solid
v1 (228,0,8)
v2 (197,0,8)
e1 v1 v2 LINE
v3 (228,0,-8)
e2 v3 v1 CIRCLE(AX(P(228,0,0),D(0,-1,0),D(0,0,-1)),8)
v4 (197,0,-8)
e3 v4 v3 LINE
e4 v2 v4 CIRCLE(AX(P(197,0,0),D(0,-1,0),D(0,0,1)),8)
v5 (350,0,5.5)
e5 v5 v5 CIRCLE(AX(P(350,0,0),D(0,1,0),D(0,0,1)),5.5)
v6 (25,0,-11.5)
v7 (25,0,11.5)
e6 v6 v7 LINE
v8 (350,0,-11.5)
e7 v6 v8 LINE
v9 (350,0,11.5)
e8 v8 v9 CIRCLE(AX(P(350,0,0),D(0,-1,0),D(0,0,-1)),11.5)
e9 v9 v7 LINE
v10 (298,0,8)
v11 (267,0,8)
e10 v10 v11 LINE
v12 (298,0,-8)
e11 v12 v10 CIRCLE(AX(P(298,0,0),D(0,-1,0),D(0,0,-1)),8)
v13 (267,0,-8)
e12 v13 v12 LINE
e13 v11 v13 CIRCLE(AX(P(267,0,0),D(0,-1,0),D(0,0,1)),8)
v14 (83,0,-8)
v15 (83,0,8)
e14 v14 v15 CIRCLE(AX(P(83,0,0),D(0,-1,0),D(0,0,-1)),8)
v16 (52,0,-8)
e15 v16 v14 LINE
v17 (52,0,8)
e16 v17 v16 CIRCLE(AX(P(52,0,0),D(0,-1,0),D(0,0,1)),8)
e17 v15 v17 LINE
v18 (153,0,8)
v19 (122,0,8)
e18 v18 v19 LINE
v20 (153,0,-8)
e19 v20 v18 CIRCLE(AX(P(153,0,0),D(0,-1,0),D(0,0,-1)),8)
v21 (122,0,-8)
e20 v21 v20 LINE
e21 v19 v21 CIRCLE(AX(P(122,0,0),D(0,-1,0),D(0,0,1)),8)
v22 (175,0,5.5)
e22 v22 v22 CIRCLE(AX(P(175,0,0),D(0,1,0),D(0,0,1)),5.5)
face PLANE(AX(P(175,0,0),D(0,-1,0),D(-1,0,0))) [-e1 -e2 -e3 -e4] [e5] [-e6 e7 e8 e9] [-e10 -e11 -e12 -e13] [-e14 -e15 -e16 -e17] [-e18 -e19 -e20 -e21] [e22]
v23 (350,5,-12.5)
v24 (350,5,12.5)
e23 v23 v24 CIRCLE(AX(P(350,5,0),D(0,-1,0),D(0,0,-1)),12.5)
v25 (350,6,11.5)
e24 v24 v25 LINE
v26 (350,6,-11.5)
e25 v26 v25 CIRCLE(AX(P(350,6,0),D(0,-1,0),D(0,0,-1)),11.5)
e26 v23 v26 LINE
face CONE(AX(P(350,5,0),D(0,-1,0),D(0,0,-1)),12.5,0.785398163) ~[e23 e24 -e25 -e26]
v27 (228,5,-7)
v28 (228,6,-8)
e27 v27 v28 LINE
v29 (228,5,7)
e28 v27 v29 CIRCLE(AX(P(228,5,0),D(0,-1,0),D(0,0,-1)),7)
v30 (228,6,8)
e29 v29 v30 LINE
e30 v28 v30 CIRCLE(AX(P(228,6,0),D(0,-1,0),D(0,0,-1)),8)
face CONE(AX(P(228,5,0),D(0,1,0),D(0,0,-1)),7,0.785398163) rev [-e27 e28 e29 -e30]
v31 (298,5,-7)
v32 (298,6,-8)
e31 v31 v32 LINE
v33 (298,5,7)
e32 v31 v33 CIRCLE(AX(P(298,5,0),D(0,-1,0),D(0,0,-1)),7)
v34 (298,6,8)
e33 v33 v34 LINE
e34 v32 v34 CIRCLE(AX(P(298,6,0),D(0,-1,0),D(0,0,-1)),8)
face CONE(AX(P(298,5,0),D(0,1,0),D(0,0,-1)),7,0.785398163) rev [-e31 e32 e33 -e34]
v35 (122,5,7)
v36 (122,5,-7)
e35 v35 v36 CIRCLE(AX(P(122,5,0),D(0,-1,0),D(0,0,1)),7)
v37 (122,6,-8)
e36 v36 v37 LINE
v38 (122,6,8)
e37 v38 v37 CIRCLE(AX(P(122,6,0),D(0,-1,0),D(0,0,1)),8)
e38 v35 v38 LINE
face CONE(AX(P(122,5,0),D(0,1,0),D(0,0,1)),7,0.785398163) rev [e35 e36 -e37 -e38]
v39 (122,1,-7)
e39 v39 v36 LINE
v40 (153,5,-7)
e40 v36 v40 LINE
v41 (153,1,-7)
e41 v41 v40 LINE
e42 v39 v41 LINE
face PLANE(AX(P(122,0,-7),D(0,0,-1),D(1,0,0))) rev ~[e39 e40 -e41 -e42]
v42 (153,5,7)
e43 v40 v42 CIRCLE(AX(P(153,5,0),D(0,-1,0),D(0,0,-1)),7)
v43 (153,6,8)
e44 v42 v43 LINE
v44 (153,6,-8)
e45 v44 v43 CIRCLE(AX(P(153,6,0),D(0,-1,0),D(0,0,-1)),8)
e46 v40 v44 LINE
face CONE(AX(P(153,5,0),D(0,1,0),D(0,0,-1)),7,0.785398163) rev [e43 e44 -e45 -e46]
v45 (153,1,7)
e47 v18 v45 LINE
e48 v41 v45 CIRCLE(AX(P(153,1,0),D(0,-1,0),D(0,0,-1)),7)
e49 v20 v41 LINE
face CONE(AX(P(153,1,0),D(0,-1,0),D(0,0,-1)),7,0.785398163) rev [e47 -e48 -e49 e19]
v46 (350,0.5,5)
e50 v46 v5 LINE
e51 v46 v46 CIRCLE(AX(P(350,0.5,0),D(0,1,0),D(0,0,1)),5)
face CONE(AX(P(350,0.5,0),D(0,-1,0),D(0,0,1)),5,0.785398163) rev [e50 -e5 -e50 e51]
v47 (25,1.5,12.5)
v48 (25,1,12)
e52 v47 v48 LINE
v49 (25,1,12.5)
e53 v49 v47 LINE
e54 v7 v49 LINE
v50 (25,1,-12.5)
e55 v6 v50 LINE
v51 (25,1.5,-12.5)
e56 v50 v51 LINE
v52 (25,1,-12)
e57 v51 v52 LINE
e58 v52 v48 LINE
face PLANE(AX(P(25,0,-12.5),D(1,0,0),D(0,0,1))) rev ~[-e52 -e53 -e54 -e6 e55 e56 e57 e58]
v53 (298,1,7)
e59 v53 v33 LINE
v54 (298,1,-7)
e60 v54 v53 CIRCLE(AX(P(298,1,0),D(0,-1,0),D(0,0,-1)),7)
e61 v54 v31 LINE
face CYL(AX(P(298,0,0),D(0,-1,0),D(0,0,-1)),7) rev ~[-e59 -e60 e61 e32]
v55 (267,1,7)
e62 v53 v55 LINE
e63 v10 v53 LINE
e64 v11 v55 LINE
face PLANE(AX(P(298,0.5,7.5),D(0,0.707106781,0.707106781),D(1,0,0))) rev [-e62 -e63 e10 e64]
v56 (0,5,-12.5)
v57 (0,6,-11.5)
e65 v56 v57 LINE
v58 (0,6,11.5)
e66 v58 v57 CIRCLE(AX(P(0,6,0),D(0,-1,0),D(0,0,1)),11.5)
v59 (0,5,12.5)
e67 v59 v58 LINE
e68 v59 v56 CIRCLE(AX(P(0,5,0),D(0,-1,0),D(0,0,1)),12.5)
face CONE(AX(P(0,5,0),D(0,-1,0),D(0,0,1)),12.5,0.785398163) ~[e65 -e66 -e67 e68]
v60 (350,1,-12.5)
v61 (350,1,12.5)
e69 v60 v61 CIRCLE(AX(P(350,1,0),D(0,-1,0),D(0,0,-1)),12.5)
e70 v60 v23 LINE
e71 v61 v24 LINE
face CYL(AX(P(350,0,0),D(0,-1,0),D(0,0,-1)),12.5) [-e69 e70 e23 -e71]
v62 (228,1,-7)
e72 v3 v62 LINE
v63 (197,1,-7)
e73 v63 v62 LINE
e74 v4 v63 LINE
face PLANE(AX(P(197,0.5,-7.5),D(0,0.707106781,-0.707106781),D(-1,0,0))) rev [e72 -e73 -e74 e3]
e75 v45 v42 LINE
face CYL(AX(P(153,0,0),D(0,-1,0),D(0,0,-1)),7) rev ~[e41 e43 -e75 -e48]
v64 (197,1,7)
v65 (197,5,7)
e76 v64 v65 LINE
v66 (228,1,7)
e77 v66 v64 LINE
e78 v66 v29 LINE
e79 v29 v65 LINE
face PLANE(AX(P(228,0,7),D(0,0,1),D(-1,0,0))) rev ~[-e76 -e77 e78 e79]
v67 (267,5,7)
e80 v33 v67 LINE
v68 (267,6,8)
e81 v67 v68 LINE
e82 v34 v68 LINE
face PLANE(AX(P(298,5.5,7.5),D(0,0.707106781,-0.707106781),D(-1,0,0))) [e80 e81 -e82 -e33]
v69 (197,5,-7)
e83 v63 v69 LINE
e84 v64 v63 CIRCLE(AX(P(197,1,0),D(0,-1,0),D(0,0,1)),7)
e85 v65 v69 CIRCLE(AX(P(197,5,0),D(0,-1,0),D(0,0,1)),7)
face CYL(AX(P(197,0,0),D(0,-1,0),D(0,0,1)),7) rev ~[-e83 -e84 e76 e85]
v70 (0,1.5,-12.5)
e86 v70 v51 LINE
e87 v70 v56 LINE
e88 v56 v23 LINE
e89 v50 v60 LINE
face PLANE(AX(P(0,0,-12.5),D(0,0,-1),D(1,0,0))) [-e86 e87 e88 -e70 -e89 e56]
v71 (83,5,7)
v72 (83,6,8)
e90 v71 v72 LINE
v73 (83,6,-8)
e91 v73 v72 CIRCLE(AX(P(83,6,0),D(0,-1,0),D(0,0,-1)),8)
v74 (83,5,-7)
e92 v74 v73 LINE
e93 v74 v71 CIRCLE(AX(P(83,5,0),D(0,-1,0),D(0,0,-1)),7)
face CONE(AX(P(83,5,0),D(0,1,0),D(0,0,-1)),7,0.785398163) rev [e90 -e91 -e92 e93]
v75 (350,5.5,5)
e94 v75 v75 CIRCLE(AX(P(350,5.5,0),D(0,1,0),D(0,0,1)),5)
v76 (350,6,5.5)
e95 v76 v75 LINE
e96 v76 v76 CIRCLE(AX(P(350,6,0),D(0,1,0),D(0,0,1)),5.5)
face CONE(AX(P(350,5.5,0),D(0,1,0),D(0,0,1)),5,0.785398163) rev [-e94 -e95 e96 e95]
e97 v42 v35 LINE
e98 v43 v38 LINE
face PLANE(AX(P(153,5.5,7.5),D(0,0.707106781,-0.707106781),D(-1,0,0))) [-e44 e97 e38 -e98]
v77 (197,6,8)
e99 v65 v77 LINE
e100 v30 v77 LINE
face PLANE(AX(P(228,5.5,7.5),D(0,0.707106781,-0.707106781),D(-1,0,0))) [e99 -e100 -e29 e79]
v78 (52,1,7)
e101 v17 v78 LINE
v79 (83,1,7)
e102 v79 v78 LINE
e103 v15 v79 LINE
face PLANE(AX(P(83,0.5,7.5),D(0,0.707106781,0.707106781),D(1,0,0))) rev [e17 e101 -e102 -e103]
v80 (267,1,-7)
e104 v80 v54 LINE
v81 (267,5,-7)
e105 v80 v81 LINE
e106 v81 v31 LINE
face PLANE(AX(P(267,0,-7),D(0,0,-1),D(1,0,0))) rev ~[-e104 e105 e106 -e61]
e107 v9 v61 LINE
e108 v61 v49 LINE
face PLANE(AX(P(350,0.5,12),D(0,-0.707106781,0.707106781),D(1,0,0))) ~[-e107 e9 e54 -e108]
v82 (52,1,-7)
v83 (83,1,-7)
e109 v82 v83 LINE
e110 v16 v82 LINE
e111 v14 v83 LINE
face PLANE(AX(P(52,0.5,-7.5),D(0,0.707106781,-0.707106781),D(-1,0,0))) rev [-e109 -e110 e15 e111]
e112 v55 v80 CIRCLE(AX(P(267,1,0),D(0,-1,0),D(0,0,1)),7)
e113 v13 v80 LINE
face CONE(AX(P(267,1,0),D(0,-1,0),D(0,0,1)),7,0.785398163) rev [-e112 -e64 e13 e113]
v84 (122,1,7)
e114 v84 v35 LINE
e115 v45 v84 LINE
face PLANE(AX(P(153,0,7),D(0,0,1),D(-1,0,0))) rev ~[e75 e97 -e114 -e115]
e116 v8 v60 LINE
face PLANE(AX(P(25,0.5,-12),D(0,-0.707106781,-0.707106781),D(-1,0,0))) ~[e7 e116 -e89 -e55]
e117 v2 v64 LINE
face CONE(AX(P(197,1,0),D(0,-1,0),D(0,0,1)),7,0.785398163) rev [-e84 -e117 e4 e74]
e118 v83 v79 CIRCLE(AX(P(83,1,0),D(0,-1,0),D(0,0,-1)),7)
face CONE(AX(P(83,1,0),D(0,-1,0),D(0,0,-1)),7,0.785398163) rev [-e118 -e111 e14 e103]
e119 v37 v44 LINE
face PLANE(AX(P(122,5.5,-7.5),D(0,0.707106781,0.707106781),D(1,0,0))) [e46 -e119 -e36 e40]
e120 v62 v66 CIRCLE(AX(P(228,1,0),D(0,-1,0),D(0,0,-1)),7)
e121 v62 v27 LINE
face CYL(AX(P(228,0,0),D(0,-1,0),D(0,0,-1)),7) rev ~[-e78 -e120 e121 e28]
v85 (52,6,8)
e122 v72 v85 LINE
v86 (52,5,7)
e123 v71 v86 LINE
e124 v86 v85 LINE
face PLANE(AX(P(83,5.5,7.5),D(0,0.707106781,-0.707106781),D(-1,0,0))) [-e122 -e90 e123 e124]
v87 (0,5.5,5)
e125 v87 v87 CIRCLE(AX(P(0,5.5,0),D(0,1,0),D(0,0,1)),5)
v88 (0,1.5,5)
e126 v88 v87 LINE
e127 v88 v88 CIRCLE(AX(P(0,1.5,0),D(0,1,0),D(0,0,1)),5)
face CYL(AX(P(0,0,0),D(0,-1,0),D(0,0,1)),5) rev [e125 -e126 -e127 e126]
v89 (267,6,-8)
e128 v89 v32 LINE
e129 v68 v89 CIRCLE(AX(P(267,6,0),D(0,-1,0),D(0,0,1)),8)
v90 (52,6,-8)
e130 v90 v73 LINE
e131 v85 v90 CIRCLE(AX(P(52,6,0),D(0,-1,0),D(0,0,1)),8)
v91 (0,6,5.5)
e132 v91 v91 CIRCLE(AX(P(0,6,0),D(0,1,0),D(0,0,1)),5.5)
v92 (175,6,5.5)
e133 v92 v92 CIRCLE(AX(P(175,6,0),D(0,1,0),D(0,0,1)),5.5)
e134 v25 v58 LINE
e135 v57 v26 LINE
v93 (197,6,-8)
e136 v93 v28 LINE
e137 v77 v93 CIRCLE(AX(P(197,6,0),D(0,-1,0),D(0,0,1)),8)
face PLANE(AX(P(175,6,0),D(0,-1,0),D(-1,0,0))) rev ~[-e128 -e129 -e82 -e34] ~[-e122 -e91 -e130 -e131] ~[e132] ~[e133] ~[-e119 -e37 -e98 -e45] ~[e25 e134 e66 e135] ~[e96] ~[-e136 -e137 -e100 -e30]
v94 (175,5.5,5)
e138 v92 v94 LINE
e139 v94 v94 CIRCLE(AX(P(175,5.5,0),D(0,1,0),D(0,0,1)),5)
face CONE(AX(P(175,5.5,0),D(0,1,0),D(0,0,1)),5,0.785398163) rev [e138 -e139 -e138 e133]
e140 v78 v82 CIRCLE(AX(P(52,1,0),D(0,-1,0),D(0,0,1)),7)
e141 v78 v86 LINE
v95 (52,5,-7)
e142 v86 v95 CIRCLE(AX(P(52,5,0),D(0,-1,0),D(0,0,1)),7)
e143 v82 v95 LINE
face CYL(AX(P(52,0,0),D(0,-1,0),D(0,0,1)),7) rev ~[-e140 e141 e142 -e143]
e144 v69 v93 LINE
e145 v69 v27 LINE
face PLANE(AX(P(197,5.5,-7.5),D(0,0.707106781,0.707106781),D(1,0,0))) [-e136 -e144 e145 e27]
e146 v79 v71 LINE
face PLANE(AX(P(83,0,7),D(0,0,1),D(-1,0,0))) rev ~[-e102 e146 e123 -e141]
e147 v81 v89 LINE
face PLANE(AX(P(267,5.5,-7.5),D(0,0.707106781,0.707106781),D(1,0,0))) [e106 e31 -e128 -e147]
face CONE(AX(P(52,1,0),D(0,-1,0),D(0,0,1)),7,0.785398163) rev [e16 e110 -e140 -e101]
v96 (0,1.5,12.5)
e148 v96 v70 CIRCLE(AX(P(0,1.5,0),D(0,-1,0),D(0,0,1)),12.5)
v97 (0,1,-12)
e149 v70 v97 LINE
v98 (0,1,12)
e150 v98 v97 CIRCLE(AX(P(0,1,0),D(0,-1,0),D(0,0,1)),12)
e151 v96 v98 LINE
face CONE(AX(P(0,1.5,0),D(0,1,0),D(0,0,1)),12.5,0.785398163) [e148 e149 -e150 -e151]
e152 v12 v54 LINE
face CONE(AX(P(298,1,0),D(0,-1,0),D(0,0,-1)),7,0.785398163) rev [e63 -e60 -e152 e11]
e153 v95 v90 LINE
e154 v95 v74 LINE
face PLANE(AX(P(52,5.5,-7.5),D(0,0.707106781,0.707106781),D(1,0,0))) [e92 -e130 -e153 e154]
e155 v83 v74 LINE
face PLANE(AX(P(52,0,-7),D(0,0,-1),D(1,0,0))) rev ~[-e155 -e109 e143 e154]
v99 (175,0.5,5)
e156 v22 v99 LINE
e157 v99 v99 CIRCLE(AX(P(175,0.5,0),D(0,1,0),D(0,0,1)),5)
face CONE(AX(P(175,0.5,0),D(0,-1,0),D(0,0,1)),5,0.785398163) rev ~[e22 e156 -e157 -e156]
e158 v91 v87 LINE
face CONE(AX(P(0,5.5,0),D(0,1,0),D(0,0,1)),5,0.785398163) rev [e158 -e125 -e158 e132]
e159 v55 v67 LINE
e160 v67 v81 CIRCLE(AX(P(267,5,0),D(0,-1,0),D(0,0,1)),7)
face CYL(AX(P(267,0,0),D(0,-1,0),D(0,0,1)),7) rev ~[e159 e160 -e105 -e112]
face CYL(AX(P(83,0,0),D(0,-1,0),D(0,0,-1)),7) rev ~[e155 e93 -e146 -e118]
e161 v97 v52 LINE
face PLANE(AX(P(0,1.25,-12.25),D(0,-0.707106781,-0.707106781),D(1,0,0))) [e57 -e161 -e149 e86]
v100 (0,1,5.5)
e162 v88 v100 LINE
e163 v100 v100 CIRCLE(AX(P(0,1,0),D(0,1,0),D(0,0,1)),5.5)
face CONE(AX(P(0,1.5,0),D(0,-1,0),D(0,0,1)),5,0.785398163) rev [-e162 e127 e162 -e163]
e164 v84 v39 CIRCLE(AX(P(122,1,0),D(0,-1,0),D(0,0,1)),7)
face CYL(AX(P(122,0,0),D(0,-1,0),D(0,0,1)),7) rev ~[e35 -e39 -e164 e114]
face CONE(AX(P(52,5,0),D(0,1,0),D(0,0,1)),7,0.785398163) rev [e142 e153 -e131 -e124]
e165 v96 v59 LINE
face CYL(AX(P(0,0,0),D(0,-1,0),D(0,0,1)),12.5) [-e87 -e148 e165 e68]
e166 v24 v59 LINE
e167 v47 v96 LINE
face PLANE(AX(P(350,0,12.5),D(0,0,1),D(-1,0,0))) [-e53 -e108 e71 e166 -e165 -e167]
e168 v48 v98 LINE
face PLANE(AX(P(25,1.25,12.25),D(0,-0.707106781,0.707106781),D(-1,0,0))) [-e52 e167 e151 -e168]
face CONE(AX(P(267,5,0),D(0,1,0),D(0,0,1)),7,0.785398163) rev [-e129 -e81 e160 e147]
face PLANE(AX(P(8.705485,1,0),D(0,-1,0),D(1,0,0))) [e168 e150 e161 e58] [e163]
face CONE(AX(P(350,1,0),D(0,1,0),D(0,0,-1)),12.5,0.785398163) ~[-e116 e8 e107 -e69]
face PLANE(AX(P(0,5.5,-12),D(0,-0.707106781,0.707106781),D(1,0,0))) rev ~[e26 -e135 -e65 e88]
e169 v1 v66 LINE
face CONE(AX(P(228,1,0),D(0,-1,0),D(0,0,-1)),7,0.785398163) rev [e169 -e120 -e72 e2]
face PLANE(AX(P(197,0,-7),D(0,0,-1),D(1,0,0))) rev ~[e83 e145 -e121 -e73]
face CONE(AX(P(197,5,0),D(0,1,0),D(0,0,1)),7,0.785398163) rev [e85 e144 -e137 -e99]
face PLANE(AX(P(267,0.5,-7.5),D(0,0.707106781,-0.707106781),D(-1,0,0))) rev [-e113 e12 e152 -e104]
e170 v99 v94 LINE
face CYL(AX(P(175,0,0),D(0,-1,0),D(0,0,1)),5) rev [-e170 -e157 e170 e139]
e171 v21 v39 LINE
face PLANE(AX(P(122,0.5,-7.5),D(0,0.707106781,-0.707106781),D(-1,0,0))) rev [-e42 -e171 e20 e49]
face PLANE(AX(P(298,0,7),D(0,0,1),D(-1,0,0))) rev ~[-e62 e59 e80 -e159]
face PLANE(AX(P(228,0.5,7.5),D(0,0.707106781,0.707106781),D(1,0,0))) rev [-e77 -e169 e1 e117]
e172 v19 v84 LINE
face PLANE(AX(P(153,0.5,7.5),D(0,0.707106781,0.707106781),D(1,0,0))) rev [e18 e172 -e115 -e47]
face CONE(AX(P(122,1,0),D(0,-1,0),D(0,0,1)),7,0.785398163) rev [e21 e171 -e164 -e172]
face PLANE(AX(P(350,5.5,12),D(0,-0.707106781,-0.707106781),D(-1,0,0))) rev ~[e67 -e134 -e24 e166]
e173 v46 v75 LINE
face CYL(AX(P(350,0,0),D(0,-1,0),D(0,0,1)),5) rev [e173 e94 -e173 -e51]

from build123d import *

# Parameters (mm, degrees)
ESQUISSE1_R             = 5
BOSS_EXTRU_1_DEPTH      = 6
ESQUISSE2_R             = 5
ENL_V_MAT_EXTRU_1_DEPTH = 1
CHANFREIN7_SIZE         = 0.5
CHANFREIN8_SIZE         = 1
CHANFREIN9_SIZE         = 1
CHANFREIN10_SIZE        = 1
CHANFREIN11_SIZE        = 0.5
CHANFREIN12_SIZE        = 0.5


with BuildPart() as part:
    # Esquisse1 → Boss.-Extru.1 (new body)
    with BuildSketch(Plane(origin=(0, 0, 0), x_dir=(1, 0, 0), z_dir=(0, 1, 0))):
        with BuildLine():
            Line((0, 12.5), (350, 12.5))
            ThreePointArc((350, 12.5), (362.5, 0), (350, -12.5))
            Line((350, -12.5), (0, -12.5))
            ThreePointArc((0, -12.5), (-12.5, 0), (0, 12.5))
        make_face()
        with Locations(Location((0, 0, 0), (0, 0, 270))):  # turned: the seam where the file's is
            Circle(ESQUISSE1_R, mode=Mode.SUBTRACT)
        with Locations(Location((350, 0, 0), (0, 0, 270))):  # turned: the seam where the file's is
            Circle(ESQUISSE1_R, mode=Mode.SUBTRACT)
        with Locations(Location((175, 0, 0), (0, 0, 270))):  # turned: the seam where the file's is
            Circle(ESQUISSE1_R, mode=Mode.SUBTRACT)
        with BuildLine():
            Line((52, 7), (83, 7))
            ThreePointArc((83, 7), (90, 0), (83, -7))
            Line((83, -7), (52, -7))
            ThreePointArc((52, -7), (45, 0), (52, 7))
        make_face(mode=Mode.SUBTRACT)
        with BuildLine():
            Line((122, 7), (153, 7))
            ThreePointArc((153, 7), (160, 0), (153, -7))
            Line((153, -7), (122, -7))
            ThreePointArc((122, -7), (115, 0), (122, 7))
        make_face(mode=Mode.SUBTRACT)
        with BuildLine():
            Line((197, 7), (228, 7))
            ThreePointArc((228, 7), (235, 0), (228, -7))
            Line((228, -7), (197, -7))
            ThreePointArc((197, -7), (190, 0), (197, 7))
        make_face(mode=Mode.SUBTRACT)
        with BuildLine():
            Line((267, 7), (298, 7))
            ThreePointArc((298, 7), (305, 0), (298, -7))
            Line((298, -7), (267, -7))
            ThreePointArc((267, -7), (260, 0), (267, 7))
        make_face(mode=Mode.SUBTRACT)
    extrude(amount=BOSS_EXTRU_1_DEPTH)

    # Esquisse2 → Enlèv. mat.-Extru.1 (cut)
    with BuildSketch(Plane.XZ):
        with BuildLine():
            Line((0, -12.5), (25, -12.5))
            Line((25, -12.5), (25, 12.5))
            Line((25, 12.5), (0, 12.5))
            ThreePointArc((0, 12.5), (-12.5, 0), (0, -12.5))
        make_face()
        with Locations(Location((0, 0, 0), (0, 0, 270))):  # turned: the seam where the file's is
            Circle(ESQUISSE2_R, mode=Mode.SUBTRACT)
    extrude(amount=-ENL_V_MAT_EXTRU_1_DEPTH, mode=Mode.SUBTRACT)

    # Chanfrein7
    chanfrein7_edges = [part.edges().sort_by_distance(p)[0] for p in [
        (-12.5, 1, 0),
        (12.5, 1, 12.5),
        (12.5, 1, -12.5),
    ]]
    chamfer(chanfrein7_edges, length=CHANFREIN7_SIZE)

    # Chanfrein8
    chanfrein8_edges = [part.edges().sort_by_distance(p)[0] for p in [
        (190, 0, 0),
        (212.5, 0, 7),
        (235, 0, 0),
        (212.5, 0, -7),
        (190, 6, 0),
        (212.5, 6, 7),
        (235, 6, 0),
        (212.5, 6, -7),
        (45, 0, 0),
        (67.5, 0, 7),
        (90, 0, 0),
        (67.5, 0, -7),
        (45, 6, 0),
        (67.5, 6, 7),
        (90, 6, 0),
        (67.5, 6, -7),
        (160, 0, 0),
        (137.5, 0, -7),
        (115, 0, 0),
        (137.5, 0, 7),
        (160, 6, 0),
        (137.5, 6, -7),
        (115, 6, 0),
        (137.5, 6, 7),
        (305, 0, 0),
        (282.5, 0, -7),
        (260, 0, 0),
        (282.5, 0, 7),
        (305, 6, 0),
        (282.5, 6, -7),
        (260, 6, 0),
        (282.5, 6, 7),
    ]]
    chamfer(chanfrein8_edges, length=CHANFREIN8_SIZE)

    # Chanfrein9
    chanfrein9_edges = [part.edges().sort_by_distance(p)[0] for p in [
        (187.5, 0, -12.5),
        (362.5, 0, 0),
        (187.5, 0, 12.5),
    ]]
    chamfer(chanfrein9_edges, length=CHANFREIN9_SIZE)

    # Chanfrein10
    chanfrein10_edges = [part.edges().sort_by_distance(p)[0] for p in [
        (362.5, 6, 0),
        (175, 6, -12.5),
        (-12.5, 6, 0),
        (175, 6, 12.5),
    ]]
    chamfer(chanfrein10_edges, length=CHANFREIN10_SIZE)

    # Chanfrein11
    chanfrein11_edges = [part.edges().sort_by_distance(p)[0] for p in [
        (175, 0, -5),
        (175, 6, -5),
    ]]
    chamfer(chanfrein11_edges, length=CHANFREIN11_SIZE)

    # Chanfrein12
    chanfrein12_edges = [part.edges().sort_by_distance(p)[0] for p in [
        (350, 0, -5),
        (350, 6, -5),
        (0, 6, -5),
        (0, 1, -5),
    ]]
    chamfer(chanfrein12_edges, length=CHANFREIN12_SIZE)


solid = part.part
